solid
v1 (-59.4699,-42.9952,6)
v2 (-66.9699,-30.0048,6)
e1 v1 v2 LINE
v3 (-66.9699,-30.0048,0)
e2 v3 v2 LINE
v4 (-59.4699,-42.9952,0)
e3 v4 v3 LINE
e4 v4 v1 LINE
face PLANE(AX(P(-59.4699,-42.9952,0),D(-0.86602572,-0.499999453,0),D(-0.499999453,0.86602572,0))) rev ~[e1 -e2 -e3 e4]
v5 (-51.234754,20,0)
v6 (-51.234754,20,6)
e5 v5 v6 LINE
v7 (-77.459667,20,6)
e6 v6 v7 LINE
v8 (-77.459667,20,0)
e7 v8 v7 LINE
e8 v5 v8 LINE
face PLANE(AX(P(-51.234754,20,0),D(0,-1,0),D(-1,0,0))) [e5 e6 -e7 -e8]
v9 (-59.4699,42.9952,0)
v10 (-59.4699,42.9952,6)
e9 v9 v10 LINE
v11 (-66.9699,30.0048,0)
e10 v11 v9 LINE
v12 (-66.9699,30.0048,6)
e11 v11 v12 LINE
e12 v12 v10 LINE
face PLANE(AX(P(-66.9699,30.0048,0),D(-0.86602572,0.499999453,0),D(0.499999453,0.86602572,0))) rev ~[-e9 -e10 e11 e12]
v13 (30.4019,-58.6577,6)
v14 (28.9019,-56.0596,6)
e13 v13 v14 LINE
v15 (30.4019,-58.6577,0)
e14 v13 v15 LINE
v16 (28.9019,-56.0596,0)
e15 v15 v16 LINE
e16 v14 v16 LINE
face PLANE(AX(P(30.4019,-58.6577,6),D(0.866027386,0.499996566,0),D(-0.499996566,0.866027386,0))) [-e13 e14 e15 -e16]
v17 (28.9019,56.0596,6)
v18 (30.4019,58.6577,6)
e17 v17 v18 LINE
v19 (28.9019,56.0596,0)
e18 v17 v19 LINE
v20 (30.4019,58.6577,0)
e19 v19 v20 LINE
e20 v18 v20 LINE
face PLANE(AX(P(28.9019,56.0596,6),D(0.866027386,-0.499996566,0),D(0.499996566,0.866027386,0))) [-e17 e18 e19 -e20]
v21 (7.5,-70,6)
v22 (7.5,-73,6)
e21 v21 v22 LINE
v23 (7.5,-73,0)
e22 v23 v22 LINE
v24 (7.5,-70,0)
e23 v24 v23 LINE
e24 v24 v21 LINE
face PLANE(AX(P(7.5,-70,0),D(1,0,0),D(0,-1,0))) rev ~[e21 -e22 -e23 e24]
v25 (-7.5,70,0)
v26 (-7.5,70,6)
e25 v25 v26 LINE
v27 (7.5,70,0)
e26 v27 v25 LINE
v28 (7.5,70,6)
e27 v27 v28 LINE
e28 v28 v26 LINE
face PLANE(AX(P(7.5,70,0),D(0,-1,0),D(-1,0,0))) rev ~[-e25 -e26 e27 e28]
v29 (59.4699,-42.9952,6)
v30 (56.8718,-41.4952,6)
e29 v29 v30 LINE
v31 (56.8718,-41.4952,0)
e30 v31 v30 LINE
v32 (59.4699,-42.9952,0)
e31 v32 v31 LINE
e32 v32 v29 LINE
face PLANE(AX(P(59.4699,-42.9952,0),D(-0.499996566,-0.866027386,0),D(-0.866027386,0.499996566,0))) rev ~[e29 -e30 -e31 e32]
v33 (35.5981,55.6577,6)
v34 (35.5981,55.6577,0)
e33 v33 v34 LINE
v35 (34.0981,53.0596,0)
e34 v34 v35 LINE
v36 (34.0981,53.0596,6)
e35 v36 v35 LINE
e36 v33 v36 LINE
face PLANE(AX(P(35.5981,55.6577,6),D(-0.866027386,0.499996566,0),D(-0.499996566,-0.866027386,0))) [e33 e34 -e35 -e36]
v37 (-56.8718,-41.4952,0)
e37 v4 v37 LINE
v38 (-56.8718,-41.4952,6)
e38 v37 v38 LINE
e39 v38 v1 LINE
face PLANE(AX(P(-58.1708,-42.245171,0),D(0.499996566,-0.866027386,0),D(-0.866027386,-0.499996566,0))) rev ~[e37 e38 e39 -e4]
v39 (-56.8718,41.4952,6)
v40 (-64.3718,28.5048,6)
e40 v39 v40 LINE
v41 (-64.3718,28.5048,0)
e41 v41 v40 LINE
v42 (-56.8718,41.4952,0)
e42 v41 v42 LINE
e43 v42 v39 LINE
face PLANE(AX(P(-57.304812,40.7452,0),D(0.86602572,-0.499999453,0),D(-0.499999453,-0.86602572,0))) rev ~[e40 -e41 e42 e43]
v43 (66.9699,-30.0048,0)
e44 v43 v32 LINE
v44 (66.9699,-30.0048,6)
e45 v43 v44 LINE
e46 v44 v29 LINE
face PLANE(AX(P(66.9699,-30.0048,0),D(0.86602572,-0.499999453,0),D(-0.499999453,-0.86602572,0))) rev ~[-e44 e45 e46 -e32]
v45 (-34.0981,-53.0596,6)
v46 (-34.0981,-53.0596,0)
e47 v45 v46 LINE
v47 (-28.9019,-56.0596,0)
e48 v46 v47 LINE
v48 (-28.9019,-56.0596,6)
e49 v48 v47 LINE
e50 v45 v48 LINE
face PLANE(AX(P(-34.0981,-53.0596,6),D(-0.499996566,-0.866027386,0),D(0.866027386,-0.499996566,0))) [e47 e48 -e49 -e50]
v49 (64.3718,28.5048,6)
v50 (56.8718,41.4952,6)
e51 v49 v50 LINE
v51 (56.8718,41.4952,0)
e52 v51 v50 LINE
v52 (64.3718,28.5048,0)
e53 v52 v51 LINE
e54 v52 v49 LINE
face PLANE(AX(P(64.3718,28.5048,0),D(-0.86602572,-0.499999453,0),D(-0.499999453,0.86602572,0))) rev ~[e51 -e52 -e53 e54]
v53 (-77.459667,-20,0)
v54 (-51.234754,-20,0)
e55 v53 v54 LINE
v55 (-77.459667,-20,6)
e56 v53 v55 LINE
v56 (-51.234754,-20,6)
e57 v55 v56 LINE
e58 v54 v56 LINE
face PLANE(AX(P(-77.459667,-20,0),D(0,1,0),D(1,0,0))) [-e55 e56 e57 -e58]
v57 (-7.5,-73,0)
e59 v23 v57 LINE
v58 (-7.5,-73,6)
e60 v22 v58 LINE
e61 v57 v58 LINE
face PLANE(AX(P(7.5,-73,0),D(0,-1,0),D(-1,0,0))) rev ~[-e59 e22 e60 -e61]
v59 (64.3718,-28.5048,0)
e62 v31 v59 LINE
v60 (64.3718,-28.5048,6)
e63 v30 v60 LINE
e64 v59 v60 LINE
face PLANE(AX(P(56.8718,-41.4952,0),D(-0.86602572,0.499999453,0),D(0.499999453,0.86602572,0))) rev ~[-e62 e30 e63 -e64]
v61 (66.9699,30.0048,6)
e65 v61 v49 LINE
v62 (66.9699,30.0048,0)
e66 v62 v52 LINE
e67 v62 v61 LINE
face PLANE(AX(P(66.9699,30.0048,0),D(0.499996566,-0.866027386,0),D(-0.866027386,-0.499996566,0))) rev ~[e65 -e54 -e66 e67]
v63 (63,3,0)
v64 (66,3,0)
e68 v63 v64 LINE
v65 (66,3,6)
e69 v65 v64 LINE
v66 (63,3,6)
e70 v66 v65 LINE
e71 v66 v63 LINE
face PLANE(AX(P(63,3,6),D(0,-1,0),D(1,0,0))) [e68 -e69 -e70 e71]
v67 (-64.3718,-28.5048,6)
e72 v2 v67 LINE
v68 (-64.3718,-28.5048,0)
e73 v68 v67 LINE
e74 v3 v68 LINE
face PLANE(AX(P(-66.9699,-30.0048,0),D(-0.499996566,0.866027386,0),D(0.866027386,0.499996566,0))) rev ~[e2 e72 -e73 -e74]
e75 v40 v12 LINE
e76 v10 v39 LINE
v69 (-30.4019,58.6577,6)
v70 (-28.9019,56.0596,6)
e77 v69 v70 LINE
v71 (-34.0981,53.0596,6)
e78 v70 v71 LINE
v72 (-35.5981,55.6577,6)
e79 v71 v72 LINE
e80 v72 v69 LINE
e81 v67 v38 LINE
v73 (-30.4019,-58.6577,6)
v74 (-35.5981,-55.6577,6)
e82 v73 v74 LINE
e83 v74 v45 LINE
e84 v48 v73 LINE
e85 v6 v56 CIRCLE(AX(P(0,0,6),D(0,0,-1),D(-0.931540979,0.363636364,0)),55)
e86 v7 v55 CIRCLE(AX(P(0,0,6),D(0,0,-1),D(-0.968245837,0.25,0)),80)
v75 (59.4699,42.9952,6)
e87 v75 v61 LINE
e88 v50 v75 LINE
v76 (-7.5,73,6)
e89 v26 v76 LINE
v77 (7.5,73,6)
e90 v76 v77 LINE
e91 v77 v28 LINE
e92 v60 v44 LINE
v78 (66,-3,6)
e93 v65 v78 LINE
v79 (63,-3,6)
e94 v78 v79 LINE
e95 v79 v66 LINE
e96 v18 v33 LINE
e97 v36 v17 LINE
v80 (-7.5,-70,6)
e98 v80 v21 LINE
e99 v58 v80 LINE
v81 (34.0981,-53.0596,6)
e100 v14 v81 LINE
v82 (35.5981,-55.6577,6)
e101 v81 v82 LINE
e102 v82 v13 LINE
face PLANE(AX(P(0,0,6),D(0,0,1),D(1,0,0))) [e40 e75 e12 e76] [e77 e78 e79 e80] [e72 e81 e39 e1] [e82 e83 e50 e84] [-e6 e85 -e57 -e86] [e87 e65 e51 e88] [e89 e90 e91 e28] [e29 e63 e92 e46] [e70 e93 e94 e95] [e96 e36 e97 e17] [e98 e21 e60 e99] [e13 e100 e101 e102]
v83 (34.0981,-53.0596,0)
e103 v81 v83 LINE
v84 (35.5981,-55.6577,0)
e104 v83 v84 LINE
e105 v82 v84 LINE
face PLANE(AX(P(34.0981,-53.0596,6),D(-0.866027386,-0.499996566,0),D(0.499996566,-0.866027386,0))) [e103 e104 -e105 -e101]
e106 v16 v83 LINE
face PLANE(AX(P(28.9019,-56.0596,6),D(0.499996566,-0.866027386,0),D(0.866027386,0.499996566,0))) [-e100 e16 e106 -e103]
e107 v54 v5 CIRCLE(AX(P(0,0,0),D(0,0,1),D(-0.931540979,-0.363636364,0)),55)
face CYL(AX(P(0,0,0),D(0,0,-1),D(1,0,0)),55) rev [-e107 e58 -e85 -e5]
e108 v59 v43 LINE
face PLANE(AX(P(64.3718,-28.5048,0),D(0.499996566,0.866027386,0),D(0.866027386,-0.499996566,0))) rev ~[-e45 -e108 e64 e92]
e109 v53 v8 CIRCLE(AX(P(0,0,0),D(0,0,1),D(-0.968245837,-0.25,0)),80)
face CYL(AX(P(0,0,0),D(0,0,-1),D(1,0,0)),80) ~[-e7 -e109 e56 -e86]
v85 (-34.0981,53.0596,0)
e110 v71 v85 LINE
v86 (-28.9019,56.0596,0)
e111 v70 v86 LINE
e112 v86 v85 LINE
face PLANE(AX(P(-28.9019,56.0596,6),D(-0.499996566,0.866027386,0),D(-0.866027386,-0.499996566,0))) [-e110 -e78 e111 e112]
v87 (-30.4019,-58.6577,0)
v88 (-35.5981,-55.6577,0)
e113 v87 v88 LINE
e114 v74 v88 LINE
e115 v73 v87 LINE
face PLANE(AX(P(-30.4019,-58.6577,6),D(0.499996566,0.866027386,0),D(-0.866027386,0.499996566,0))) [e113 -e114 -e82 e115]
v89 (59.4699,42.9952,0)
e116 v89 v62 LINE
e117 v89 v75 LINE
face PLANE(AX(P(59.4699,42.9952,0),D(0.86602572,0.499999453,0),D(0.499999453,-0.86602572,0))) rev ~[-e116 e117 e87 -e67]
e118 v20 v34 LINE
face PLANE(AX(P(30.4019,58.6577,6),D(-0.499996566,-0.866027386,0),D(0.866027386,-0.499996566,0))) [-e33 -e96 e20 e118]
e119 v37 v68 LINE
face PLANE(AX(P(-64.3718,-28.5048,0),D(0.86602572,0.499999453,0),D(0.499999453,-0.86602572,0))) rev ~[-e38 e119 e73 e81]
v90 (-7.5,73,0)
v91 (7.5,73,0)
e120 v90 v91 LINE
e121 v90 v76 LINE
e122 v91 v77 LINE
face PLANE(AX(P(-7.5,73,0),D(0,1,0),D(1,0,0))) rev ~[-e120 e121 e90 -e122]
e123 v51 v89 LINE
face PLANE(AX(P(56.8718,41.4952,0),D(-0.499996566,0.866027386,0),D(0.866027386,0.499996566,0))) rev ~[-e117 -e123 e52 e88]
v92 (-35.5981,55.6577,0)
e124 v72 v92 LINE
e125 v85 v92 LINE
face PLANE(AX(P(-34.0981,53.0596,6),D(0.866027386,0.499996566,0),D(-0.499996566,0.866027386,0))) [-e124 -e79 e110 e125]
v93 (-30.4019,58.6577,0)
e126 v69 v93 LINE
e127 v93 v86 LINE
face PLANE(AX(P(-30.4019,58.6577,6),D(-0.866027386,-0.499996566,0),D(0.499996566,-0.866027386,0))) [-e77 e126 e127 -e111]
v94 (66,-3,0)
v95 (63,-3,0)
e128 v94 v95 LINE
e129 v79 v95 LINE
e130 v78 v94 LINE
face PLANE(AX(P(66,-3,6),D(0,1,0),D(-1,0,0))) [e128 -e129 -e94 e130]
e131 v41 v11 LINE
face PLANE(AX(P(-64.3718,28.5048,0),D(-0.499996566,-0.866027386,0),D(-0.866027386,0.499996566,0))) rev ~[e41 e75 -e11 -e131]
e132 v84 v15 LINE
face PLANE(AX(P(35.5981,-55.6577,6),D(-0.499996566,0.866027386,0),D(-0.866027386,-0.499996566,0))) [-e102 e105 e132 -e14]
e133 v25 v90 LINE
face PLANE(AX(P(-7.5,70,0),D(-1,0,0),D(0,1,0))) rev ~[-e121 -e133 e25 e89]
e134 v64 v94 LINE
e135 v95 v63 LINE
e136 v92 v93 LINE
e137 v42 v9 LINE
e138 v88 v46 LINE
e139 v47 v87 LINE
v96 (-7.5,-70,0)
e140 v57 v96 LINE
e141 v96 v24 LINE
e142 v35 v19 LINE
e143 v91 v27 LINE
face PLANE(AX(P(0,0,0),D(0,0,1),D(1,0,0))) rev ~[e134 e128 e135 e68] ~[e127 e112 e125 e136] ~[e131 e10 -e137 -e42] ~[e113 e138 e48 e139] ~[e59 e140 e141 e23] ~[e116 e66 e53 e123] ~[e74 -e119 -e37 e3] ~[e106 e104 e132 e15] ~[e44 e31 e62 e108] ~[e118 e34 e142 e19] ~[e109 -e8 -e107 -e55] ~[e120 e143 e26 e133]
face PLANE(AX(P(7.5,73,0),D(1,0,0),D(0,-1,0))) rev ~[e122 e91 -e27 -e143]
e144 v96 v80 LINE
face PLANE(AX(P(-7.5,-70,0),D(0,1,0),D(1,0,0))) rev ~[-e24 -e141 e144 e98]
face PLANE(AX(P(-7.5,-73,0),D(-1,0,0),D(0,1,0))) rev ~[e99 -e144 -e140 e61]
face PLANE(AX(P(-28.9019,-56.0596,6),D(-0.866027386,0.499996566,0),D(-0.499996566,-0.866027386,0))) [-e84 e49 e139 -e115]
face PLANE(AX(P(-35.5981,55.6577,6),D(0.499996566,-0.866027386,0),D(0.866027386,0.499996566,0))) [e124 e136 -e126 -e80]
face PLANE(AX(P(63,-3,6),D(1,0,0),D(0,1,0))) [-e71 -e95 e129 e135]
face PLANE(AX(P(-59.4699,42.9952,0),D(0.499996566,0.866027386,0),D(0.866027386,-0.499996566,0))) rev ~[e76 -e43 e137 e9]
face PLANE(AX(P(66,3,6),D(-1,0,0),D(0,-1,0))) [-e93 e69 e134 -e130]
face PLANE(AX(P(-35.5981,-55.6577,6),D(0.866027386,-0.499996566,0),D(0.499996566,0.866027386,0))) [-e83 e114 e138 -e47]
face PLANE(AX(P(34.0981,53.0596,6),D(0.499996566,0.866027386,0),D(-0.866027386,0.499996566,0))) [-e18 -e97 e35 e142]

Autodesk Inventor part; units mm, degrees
ref_plane "YZ Plane" through (0, 0, 0) normal (1, 0, 0) x (0, 1, 0)
ref_plane "XZ Plane" through (0, 0, 0) normal (0, 1, 0) x (-1, 0, 0)
ref_plane "XY Plane" through (0, 0, 0) normal (0, 0, 1) x (1, 0, 0)
sketch "Sketch1" plane through (0, 0, 0) normal (0, 0, 1) x (1, 0, 0)
  circle A0 centre (0, 0) radius 80
  circle A1 centre (0, 0) radius 55
  line L0 (-7.5, 73) -> (7.5, 73)
  line L1 (7.5, 73) -> (7.5, 70)
  line L2 (7.5, 70) -> (-7.5, 70)
  line L3 (-7.5, 70) -> (-7.5, 73)
  line L4 (-66.9699, 30.0048) -> (-59.4699, 42.9952)
  line L5 (-59.4699, 42.9952) -> (-56.8718, 41.4952)
  line L6 (-56.8718, 41.4952) -> (-64.3718, 28.5048)
  line L7 (-64.3718, 28.5048) -> (-66.9699, 30.0048)
  line L8 (-59.4699, -42.9952) -> (-66.9699, -30.0048)
  line L9 (-66.9699, -30.0048) -> (-64.3718, -28.5048)
  line L10 (-64.3718, -28.5048) -> (-56.8718, -41.4952)
  line L11 (-56.8718, -41.4952) -> (-59.4699, -42.9952)
  line L12 (7.5, -73) -> (-7.5, -73)
  line L13 (-7.5, -73) -> (-7.5, -70)
  line L14 (-7.5, -70) -> (7.5, -70)
  line L15 (7.5, -70) -> (7.5, -73)
  line L16 (66.9699, -30.0048) -> (59.4699, -42.9952)
  line L17 (59.4699, -42.9952) -> (56.8718, -41.4952)
  line L18 (56.8718, -41.4952) -> (64.3718, -28.5048)
  line L19 (64.3718, -28.5048) -> (66.9699, -30.0048)
  line L20 (59.4699, 42.9952) -> (66.9699, 30.0048)
  line L21 (66.9699, 30.0048) -> (64.3718, 28.5048)
  line L22 (64.3718, 28.5048) -> (56.8718, 41.4952)
  line L23 (56.8718, 41.4952) -> (59.4699, 42.9952)
  line L24 (-58.1708, 43.7452) -> (-43.1708, 43.7452)
  line L25 (-43.1708, 43.7452) -> (-43.1708, 40.7452)
  line L26 (-43.1708, 40.7452) -> (-58.1708, 40.7452)
  line L27 (-58.1708, 40.7452) -> (-58.1708, 43.7452)
  line L28 (-58.1708, -40.7452) -> (-43.1708, -40.7452)
  line L29 (-43.1708, -40.7452) -> (-43.1708, -43.7452)
  line L30 (-43.1708, -43.7452) -> (-58.1708, -43.7452)
  line L31 (-58.1708, -43.7452) -> (-58.1708, -40.7452)
  line L32 (0, 20) -> (-100, 20)
  line L33 (-100, 20) -> (-100, -20)
  line L34 (-100, -20) -> (0, -20)
  line L35 (0, -20) -> (0, 20)
  point P0 (0, 73)
  point P1 (7.5, 71.5)
  point P2 (0, 70)
  point P3 (-63.2199, 36.5)
  point P4 (-58.1708, 42.2452)
  point P5 (-60.6218, 35)
  point P6 (-63.2199, -36.5)
  point P7 (-65.6708, -29.2548)
  point P8 (-60.6218, -35)
  point P9 (0, -73)
  point P10 (-7.5, -71.5)
  point P11 (0, -70)
  point P12 (63.2199, -36.5)
  point P13 (58.1708, -42.2452)
  point P14 (60.6218, -35)
  point P15 (63.2199, 36.5)
  point P16 (65.6708, 29.2548)
  point P17 (60.6218, 35)
  point P18 (-58.1708, 42.2452)
  point P19 (-58.1708, -42.2452)
  point P20 (-51.2348, -20)
  point P21 (-77.4597, -20)
  point P22 (-77.4597, 20)
  point P23 (-51.2348, 20)
  dimension "d0" = 160
  dimension "d1" = 110
  dimension "d2" = 15
  dimension "d3" = 3
  dimension "d11" = 70
  dimension "d14" = 360
  dimension "d18" = 15
  dimension "d19" = 3
  dimension "d20" = 15
  dimension "d21" = 3
  dimension "d22" = 40
  dimension "d23" = 100
extrude "Extrusion2" add sketch "Sketch1" along normal blind 6 contours A0 L34 A1 L32 | L27 L24 L25 L26 L6 L5 | L11 L10 L28 L29 L30 L31 picked at (16.7927, -65.9701)
sketch "草圖4" plane through (0, 0, 6) normal (0, 0, 1) x (1, 0, 0)
  line L0 (63, 3) -> (66, 3)
  line L1 (66, 3) -> (66, -3)
  line L2 (66, -3) -> (63, -3)
  line L3 (63, -3) -> (63, 3)
  line L4 (28.9019, 56.0596) -> (30.4019, 58.6577)
  line L5 (30.4019, 58.6577) -> (35.5981, 55.6577)
  line L6 (35.5981, 55.6577) -> (34.0981, 53.0596)
  line L7 (34.0981, 53.0596) -> (28.9019, 56.0596)
  line L8 (-34.0981, 53.0596) -> (-35.5981, 55.6577)
  line L9 (-35.5981, 55.6577) -> (-30.4019, 58.6577)
  line L10 (-30.4019, 58.6577) -> (-28.9019, 56.0596)
  line L11 (-28.9019, 56.0596) -> (-34.0981, 53.0596)
  line L12 (-63, -3) -> (-66, -3)
  line L13 (-66, -3) -> (-66, 3)
  line L14 (-66, 3) -> (-63, 3)
  line L15 (-63, 3) -> (-63, -3)
  line L16 (-28.9019, -56.0596) -> (-30.4019, -58.6577)
  line L17 (-30.4019, -58.6577) -> (-35.5981, -55.6577)
  line L18 (-35.5981, -55.6577) -> (-34.0981, -53.0596)
  line L19 (-34.0981, -53.0596) -> (-28.9019, -56.0596)
  line L20 (34.0981, -53.0596) -> (35.5981, -55.6577)
  line L21 (35.5981, -55.6577) -> (30.4019, -58.6577)
  line L22 (30.4019, -58.6577) -> (28.9019, -56.0596)
  line L23 (28.9019, -56.0596) -> (34.0981, -53.0596)
  point P0 (0, 0)
  point P1 (63, 0)
  point P2 (31.5, 54.5596)
  point P3 (-31.5, 54.5596)
  point P4 (-63, 0)
  point P5 (-31.5, -54.5596)
  point P6 (31.5, -54.5596)
  dimension "d44" = 3
  dimension "d45" = 6
  dimension "d46" = 63
  dimension "d49" = 360
extrude "擠出6" cut sketch "草圖4" against normal blind 10 contours L0 L1 L2 L3 | L4 L5 L6 L7 | L8 L9 L10 L11 | L16 L17 L18 L19 | L20 L21 L22 L23
properties part number "back_cir_hold"
